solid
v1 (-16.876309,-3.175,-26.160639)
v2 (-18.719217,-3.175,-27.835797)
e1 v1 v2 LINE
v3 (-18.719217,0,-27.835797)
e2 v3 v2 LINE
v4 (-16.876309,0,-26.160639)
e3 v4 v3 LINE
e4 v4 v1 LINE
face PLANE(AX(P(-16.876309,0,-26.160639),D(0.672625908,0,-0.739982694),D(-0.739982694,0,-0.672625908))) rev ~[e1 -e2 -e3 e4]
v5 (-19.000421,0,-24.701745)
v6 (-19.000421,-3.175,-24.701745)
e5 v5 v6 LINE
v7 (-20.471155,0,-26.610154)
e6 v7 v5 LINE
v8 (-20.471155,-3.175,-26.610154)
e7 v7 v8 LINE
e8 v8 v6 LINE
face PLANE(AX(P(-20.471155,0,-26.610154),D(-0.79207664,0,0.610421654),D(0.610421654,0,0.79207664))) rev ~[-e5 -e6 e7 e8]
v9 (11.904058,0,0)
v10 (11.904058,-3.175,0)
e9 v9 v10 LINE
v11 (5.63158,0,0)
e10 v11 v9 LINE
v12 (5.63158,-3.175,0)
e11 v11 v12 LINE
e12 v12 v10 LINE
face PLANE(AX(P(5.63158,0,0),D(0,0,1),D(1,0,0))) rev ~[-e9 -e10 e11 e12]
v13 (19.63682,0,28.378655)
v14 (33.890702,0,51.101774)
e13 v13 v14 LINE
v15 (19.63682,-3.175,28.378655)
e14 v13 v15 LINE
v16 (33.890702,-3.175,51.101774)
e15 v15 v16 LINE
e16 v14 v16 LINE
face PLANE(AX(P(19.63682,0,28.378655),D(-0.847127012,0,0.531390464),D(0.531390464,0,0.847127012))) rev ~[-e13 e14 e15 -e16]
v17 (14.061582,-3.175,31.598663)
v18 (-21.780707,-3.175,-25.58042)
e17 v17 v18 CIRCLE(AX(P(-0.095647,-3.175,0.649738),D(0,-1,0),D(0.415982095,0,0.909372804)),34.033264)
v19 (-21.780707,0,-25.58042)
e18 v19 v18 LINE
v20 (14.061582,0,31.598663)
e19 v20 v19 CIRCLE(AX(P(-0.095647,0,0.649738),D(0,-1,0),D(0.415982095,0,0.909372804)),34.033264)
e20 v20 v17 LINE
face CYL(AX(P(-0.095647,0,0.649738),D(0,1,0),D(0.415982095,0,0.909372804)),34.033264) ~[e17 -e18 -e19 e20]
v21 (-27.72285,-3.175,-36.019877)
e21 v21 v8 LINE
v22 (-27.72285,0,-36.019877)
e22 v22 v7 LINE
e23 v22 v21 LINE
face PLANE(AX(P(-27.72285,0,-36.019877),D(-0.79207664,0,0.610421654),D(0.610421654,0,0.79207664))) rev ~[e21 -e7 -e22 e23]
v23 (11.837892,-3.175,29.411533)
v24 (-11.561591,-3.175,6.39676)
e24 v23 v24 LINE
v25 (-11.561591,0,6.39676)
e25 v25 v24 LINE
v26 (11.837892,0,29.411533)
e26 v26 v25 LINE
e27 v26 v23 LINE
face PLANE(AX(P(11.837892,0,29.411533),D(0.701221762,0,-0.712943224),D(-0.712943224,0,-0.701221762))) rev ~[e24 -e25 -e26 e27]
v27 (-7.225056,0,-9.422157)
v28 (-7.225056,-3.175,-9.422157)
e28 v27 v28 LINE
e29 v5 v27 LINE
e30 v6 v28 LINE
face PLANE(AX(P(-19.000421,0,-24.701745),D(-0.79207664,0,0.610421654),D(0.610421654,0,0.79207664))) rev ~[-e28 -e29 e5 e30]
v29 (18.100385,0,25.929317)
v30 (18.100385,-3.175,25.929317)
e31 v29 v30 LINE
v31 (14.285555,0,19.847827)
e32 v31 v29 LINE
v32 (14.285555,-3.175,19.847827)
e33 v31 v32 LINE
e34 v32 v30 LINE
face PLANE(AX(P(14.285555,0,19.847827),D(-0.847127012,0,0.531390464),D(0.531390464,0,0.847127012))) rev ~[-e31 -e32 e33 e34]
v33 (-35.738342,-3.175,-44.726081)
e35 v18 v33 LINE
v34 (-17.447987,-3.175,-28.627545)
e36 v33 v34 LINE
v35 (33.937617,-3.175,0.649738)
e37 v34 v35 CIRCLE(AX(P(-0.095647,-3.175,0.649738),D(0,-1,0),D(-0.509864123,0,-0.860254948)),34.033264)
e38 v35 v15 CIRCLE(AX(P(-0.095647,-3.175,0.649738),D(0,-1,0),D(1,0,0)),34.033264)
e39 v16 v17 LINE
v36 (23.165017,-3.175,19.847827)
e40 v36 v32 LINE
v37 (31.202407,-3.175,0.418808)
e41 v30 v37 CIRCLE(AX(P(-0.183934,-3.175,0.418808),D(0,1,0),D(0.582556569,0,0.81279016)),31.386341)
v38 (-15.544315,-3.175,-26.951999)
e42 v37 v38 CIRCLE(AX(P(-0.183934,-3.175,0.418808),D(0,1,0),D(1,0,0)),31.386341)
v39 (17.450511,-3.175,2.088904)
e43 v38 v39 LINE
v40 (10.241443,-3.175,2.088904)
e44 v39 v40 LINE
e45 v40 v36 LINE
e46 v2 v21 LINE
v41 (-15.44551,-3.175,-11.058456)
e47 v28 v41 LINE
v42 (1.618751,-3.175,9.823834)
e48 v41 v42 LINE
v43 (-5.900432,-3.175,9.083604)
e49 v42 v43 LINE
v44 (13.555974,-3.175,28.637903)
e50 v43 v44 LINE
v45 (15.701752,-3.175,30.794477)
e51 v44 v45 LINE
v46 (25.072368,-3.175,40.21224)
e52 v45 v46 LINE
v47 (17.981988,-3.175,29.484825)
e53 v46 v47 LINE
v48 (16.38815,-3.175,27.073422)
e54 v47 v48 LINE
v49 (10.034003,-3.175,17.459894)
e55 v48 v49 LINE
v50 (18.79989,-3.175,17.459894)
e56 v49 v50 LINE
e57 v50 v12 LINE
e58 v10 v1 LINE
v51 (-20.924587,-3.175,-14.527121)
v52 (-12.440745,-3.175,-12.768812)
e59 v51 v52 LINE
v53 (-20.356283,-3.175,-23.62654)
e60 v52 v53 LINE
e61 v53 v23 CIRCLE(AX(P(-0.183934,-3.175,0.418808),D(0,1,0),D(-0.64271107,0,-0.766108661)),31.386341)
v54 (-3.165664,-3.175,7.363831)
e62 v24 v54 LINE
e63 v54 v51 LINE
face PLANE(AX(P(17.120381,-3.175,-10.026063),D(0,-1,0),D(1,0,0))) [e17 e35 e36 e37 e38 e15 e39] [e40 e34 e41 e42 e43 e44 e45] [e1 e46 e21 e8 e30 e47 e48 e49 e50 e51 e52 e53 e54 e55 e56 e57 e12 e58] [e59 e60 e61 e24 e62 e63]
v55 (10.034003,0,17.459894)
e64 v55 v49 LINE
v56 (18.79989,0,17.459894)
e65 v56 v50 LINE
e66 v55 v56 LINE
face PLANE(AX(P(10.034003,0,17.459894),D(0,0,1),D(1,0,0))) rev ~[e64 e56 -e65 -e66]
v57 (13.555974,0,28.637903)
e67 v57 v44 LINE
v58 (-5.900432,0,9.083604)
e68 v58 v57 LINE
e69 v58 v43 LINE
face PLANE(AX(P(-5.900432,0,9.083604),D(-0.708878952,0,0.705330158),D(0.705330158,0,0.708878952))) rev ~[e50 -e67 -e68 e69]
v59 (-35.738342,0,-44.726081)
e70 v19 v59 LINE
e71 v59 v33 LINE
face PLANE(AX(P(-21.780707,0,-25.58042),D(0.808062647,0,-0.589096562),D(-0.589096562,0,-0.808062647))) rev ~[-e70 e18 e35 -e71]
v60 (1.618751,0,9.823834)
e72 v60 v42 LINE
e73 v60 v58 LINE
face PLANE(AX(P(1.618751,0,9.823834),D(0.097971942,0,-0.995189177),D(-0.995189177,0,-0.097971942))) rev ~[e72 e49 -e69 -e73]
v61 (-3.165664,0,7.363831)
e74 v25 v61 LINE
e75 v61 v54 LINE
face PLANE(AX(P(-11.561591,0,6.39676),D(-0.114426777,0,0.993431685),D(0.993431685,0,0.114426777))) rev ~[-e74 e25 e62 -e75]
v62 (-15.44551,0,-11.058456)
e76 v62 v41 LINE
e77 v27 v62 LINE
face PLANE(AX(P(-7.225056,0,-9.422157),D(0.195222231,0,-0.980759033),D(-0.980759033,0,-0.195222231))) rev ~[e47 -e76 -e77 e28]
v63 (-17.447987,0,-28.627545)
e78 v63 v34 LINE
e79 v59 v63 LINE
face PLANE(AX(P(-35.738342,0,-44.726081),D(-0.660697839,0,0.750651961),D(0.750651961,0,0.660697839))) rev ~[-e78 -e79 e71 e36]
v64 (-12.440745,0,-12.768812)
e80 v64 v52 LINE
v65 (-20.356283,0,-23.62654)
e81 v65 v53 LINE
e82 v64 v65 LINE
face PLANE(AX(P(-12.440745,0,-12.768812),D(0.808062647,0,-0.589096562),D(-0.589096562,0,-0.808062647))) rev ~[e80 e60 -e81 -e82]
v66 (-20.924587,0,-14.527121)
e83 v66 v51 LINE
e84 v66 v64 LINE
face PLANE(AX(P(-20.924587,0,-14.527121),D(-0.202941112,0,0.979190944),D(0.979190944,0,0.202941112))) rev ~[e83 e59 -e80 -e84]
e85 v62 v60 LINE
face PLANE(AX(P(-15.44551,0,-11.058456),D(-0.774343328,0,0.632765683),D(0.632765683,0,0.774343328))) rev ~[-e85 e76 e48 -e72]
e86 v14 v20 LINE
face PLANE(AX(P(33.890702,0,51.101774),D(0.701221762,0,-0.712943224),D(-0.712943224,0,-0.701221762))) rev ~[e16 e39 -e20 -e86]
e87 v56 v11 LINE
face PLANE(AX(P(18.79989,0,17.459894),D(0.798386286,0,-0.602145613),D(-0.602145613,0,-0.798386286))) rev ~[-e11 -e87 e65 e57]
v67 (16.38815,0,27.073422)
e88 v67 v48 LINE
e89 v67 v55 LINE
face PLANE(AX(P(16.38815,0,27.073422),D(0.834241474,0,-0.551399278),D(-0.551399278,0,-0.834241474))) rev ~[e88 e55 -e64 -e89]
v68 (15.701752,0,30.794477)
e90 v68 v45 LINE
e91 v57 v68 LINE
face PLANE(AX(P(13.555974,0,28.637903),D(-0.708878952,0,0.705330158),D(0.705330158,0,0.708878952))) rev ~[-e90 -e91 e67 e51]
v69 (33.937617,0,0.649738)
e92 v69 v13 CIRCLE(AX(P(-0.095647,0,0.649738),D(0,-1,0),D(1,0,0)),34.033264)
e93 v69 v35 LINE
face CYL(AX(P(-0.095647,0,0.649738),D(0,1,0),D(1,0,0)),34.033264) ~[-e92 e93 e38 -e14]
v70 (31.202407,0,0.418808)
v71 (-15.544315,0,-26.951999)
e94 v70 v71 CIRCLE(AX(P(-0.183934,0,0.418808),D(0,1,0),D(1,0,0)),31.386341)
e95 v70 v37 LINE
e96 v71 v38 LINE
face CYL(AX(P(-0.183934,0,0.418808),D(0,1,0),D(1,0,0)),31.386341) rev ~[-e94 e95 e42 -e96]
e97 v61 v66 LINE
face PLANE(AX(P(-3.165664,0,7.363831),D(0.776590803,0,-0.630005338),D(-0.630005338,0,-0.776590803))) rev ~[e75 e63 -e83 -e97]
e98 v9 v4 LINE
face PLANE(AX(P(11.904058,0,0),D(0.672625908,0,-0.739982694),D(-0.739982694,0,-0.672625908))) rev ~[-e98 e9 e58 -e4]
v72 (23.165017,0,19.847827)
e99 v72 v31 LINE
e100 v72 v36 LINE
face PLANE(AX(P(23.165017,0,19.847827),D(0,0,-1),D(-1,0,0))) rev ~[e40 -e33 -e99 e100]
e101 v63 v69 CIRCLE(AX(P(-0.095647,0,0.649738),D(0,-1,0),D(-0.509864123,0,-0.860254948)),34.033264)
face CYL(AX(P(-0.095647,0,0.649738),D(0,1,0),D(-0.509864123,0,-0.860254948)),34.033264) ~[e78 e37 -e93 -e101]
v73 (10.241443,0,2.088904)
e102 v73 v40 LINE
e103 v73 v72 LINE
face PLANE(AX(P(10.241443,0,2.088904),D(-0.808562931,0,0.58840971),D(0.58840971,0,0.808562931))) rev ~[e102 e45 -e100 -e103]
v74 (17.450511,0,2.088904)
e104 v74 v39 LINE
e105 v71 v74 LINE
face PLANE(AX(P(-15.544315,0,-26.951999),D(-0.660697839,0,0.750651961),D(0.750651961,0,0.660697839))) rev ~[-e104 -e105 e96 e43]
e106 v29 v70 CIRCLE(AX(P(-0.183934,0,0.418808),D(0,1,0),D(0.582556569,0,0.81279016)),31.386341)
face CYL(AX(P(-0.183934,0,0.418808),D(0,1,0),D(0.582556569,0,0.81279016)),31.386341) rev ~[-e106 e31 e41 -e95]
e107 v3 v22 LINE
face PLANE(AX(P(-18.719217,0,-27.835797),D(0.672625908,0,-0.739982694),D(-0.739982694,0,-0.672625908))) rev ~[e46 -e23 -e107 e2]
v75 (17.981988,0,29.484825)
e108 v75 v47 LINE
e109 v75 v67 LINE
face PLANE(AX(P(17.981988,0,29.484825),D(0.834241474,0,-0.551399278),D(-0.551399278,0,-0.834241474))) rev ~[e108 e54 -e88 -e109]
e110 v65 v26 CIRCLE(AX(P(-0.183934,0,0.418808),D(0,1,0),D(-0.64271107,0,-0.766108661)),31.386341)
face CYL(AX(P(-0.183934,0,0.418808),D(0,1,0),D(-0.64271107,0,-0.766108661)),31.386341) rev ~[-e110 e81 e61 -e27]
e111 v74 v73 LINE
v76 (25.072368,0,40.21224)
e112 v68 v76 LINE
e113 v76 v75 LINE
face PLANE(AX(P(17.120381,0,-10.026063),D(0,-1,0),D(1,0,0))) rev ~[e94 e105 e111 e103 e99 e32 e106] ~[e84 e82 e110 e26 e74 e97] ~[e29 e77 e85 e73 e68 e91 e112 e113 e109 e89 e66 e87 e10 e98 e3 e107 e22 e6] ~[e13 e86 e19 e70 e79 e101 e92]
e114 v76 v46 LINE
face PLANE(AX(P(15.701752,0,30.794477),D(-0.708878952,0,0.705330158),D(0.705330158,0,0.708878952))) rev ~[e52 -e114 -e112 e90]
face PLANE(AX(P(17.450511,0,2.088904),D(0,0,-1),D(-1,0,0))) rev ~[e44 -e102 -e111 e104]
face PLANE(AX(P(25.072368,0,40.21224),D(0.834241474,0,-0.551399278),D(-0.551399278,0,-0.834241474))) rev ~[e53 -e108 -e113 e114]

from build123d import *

# Parameters (mm, degrees)
F1_DEPTH = 3.175


with BuildPart() as f1:
    # F0 (on Front) → F1 (new body)
    with BuildSketch(Plane.XZ):
        with BuildLine():
            ThreePointArc((18.1003854029, 25.9293170253), (27.7354169074, 14.7579941641), (31.2024073118, 0.4188078519))
            ThreePointArc((31.2024073118, 0.4188078519), (15.6747583451, -26.6663225741), (-15.5443153352, -26.9519992705))
            Line((-15.5443153352, -26.9519992705), (-17.4479872613, -28.6275453194))
            ThreePointArc((-17.4479872613, -28.6275453194), (16.7522947844, -28.9206845921), (33.9376170858, 0.6497384695))
            ThreePointArc((33.9376170858, 0.6497384695), (30.1518596131, 16.2494630696), (19.6368196433, 28.3786551975))
            Line((19.6368196433, 28.3786551975), (18.1003854029, 25.9293170253))
        make_face()
        with BuildLine():
            ThreePointArc((16.3881498341, 27.0734219148), (17.253653438, 26.5154160266), (18.1003854029, 25.9293170253))
            Line((18.1003854029, 25.9293170253), (19.6368196433, 28.3786551975))
            ThreePointArc((19.6368196433, 28.3786551975), (18.8174924383, 28.9438406682), (17.9819876939, 29.4848245007))
            Line((17.9819876939, 29.4848245007), (16.3881498341, 27.0734219148))
        make_face()
        with BuildLine():
            Line((-17.4479872613, -28.6275453194), (-15.5443153352, -26.9519992705))
            ThreePointArc((-15.5443153352, -26.9519992705), (-16.2151958858, -26.5645395925), (-16.8763088681, -26.1606394314))
            Line((-16.8763088681, -26.1606394314), (-18.7192165135, -27.8357967551))
            ThreePointArc((-18.7192165135, -27.8357967551), (-18.0879575097, -28.2386644121), (-17.4479872613, -28.6275453194))
        make_face()
        with BuildLine():
            ThreePointArc((17.9819876939, 29.4848245007), (18.8174924383, 28.9438406682), (19.6368196433, 28.3786551975))
            Line((19.6368196433, 28.3786551975), (33.8907018304, 51.1017739773))
            Line((33.8907018304, 51.1017739773), (14.0615815229, 31.5986632111))
            ThreePointArc((14.0615815229, 31.5986632111), (14.88706319, 31.2075763768), (15.7017518794, 30.7944768319))
            Line((15.7017518794, 30.7944768319), (25.0723678619, 40.2122400701))
            Line((25.0723678619, 40.2122400701), (17.9819876939, 29.4848245007))
        make_face()
        with BuildLine():
            Line((-35.7383415103, -44.7260811925), (-17.4479872613, -28.6275453194))
            ThreePointArc((-17.4479872613, -28.6275453194), (-18.0879575097, -28.2386644121), (-18.7192165135, -27.8357967551))
            Line((-18.7192165135, -27.8357967551), (-27.7228504419, -36.0198765993))
            Line((-27.7228504419, -36.0198765993), (-20.4711550552, -26.6101538588))
            ThreePointArc((-20.4711550552, -26.6101538588), (-21.1322326485, -26.1033010296), (-21.7807070785, -25.5804202701))
            Line((-21.7807070785, -25.5804202701), (-35.7383415103, -44.7260811925))
        make_face()
        with BuildLine():
            ThreePointArc((11.8378918102, 29.4115330659), (12.702739818, 29.0376137231), (13.5559743104, 28.6379030117))
            Line((13.5559743104, 28.6379030117), (15.7017518794, 30.7944768319))
            ThreePointArc((15.7017518794, 30.7944768319), (14.88706319, 31.2075763768), (14.0615815229, 31.5986632111))
            Line((14.0615815229, 31.5986632111), (11.8378918102, 29.4115330659))
        make_face()
        with BuildLine():
            Line((-20.4711550552, -26.6101538588), (-19.0004213571, -24.7017454678))
            ThreePointArc((-19.000421357, -24.7017454678), (-19.6857633723, -24.1734886316), (-20.3562825888, -23.6265398743))
            Line((-20.3562825888, -23.6265398743), (-21.7807070785, -25.5804202701))
            ThreePointArc((-21.7807070785, -25.5804202701), (-21.1322326485, -26.1033010296), (-20.4711550552, -26.6101538588))
        make_face()
        with BuildLine():
            ThreePointArc((-20.3562825888, -23.6265398743), (-27.0142720371, 16.7048556324), (11.8378918102, 29.4115330659))
            Line((11.8378918102, 29.4115330659), (14.0615815229, 31.5986632111))
            ThreePointArc((14.0615815229, 31.5986632111), (-28.9318907936, 18.7255261755), (-21.7807070785, -25.5804202701))
            Line((-21.7807070785, -25.5804202701), (-20.3562825888, -23.6265398743))
        make_face()
        with BuildLine():
            Line((-5.9004323557, 9.0836035088), (13.5559743104, 28.6379030117))
            ThreePointArc((13.5559743104, 28.6379030117), (12.702739818, 29.0376137231), (11.8378918102, 29.4115330659))
            Line((11.8378918102, 29.4115330659), (-11.5615911782, 6.3967597671))
            Line((-11.5615911782, 6.3967597671), (-3.1656639185, 7.3638306931))
            Line((-3.1656639185, 7.3638306931), (-20.9245868027, -14.5271206275))
            Line((-20.9245868027, -14.5271206275), (-12.4407447875, -12.7688115463))
            Line((-12.4407447875, -12.7688115463), (-20.3562825888, -23.6265398743))
            ThreePointArc((-20.3562825888, -23.6265398743), (-19.6857633723, -24.1734886316), (-19.000421357, -24.7017454678))
            Line((-19.0004213571, -24.7017454678), (-7.2250561789, -9.4221569598))
            Line((-7.2250561789, -9.4221569598), (-15.4455099255, -11.0584562644))
            Line((-15.4455099255, -11.0584562644), (1.6187507426, 9.8238335922))
            Line((1.6187507426, 9.8238335922), (-5.9004323557, 9.0836035088))
        make_face()
        with BuildLine():
            Line((14.2855551094, 19.8478270322), (18.1003854029, 25.9293170253))
            ThreePointArc((18.1003854029, 25.9293170253), (17.253653438, 26.5154160266), (16.3881498341, 27.0734219148))
            Line((16.3881498341, 27.0734219148), (10.034003295, 17.4598935992))
            Line((10.034003295, 17.4598935992), (18.7998898327, 17.4598935992))
            Line((18.7998898327, 17.4598935992), (5.6315795518, 0))
            Line((5.6315795518, 0), (11.9040580466, 0))
            Line((11.9040580466, 0), (-16.8763088681, -26.1606394314))
            ThreePointArc((-16.8763088681, -26.1606394314), (-16.2151958858, -26.5645395925), (-15.5443153352, -26.9519992705))
            Line((-15.5443153352, -26.9519992705), (17.4505114555, 2.0889036823))
            Line((17.4505114555, 2.0889036823), (10.2414432913, 2.0889036823))
            Line((10.2414432913, 2.0889036823), (23.1650173664, 19.8478270322))
            Line((23.1650173664, 19.8478270322), (14.2855551094, 19.8478270322))
        make_face()
    extrude(amount=F1_DEPTH)


solid = f1.part
